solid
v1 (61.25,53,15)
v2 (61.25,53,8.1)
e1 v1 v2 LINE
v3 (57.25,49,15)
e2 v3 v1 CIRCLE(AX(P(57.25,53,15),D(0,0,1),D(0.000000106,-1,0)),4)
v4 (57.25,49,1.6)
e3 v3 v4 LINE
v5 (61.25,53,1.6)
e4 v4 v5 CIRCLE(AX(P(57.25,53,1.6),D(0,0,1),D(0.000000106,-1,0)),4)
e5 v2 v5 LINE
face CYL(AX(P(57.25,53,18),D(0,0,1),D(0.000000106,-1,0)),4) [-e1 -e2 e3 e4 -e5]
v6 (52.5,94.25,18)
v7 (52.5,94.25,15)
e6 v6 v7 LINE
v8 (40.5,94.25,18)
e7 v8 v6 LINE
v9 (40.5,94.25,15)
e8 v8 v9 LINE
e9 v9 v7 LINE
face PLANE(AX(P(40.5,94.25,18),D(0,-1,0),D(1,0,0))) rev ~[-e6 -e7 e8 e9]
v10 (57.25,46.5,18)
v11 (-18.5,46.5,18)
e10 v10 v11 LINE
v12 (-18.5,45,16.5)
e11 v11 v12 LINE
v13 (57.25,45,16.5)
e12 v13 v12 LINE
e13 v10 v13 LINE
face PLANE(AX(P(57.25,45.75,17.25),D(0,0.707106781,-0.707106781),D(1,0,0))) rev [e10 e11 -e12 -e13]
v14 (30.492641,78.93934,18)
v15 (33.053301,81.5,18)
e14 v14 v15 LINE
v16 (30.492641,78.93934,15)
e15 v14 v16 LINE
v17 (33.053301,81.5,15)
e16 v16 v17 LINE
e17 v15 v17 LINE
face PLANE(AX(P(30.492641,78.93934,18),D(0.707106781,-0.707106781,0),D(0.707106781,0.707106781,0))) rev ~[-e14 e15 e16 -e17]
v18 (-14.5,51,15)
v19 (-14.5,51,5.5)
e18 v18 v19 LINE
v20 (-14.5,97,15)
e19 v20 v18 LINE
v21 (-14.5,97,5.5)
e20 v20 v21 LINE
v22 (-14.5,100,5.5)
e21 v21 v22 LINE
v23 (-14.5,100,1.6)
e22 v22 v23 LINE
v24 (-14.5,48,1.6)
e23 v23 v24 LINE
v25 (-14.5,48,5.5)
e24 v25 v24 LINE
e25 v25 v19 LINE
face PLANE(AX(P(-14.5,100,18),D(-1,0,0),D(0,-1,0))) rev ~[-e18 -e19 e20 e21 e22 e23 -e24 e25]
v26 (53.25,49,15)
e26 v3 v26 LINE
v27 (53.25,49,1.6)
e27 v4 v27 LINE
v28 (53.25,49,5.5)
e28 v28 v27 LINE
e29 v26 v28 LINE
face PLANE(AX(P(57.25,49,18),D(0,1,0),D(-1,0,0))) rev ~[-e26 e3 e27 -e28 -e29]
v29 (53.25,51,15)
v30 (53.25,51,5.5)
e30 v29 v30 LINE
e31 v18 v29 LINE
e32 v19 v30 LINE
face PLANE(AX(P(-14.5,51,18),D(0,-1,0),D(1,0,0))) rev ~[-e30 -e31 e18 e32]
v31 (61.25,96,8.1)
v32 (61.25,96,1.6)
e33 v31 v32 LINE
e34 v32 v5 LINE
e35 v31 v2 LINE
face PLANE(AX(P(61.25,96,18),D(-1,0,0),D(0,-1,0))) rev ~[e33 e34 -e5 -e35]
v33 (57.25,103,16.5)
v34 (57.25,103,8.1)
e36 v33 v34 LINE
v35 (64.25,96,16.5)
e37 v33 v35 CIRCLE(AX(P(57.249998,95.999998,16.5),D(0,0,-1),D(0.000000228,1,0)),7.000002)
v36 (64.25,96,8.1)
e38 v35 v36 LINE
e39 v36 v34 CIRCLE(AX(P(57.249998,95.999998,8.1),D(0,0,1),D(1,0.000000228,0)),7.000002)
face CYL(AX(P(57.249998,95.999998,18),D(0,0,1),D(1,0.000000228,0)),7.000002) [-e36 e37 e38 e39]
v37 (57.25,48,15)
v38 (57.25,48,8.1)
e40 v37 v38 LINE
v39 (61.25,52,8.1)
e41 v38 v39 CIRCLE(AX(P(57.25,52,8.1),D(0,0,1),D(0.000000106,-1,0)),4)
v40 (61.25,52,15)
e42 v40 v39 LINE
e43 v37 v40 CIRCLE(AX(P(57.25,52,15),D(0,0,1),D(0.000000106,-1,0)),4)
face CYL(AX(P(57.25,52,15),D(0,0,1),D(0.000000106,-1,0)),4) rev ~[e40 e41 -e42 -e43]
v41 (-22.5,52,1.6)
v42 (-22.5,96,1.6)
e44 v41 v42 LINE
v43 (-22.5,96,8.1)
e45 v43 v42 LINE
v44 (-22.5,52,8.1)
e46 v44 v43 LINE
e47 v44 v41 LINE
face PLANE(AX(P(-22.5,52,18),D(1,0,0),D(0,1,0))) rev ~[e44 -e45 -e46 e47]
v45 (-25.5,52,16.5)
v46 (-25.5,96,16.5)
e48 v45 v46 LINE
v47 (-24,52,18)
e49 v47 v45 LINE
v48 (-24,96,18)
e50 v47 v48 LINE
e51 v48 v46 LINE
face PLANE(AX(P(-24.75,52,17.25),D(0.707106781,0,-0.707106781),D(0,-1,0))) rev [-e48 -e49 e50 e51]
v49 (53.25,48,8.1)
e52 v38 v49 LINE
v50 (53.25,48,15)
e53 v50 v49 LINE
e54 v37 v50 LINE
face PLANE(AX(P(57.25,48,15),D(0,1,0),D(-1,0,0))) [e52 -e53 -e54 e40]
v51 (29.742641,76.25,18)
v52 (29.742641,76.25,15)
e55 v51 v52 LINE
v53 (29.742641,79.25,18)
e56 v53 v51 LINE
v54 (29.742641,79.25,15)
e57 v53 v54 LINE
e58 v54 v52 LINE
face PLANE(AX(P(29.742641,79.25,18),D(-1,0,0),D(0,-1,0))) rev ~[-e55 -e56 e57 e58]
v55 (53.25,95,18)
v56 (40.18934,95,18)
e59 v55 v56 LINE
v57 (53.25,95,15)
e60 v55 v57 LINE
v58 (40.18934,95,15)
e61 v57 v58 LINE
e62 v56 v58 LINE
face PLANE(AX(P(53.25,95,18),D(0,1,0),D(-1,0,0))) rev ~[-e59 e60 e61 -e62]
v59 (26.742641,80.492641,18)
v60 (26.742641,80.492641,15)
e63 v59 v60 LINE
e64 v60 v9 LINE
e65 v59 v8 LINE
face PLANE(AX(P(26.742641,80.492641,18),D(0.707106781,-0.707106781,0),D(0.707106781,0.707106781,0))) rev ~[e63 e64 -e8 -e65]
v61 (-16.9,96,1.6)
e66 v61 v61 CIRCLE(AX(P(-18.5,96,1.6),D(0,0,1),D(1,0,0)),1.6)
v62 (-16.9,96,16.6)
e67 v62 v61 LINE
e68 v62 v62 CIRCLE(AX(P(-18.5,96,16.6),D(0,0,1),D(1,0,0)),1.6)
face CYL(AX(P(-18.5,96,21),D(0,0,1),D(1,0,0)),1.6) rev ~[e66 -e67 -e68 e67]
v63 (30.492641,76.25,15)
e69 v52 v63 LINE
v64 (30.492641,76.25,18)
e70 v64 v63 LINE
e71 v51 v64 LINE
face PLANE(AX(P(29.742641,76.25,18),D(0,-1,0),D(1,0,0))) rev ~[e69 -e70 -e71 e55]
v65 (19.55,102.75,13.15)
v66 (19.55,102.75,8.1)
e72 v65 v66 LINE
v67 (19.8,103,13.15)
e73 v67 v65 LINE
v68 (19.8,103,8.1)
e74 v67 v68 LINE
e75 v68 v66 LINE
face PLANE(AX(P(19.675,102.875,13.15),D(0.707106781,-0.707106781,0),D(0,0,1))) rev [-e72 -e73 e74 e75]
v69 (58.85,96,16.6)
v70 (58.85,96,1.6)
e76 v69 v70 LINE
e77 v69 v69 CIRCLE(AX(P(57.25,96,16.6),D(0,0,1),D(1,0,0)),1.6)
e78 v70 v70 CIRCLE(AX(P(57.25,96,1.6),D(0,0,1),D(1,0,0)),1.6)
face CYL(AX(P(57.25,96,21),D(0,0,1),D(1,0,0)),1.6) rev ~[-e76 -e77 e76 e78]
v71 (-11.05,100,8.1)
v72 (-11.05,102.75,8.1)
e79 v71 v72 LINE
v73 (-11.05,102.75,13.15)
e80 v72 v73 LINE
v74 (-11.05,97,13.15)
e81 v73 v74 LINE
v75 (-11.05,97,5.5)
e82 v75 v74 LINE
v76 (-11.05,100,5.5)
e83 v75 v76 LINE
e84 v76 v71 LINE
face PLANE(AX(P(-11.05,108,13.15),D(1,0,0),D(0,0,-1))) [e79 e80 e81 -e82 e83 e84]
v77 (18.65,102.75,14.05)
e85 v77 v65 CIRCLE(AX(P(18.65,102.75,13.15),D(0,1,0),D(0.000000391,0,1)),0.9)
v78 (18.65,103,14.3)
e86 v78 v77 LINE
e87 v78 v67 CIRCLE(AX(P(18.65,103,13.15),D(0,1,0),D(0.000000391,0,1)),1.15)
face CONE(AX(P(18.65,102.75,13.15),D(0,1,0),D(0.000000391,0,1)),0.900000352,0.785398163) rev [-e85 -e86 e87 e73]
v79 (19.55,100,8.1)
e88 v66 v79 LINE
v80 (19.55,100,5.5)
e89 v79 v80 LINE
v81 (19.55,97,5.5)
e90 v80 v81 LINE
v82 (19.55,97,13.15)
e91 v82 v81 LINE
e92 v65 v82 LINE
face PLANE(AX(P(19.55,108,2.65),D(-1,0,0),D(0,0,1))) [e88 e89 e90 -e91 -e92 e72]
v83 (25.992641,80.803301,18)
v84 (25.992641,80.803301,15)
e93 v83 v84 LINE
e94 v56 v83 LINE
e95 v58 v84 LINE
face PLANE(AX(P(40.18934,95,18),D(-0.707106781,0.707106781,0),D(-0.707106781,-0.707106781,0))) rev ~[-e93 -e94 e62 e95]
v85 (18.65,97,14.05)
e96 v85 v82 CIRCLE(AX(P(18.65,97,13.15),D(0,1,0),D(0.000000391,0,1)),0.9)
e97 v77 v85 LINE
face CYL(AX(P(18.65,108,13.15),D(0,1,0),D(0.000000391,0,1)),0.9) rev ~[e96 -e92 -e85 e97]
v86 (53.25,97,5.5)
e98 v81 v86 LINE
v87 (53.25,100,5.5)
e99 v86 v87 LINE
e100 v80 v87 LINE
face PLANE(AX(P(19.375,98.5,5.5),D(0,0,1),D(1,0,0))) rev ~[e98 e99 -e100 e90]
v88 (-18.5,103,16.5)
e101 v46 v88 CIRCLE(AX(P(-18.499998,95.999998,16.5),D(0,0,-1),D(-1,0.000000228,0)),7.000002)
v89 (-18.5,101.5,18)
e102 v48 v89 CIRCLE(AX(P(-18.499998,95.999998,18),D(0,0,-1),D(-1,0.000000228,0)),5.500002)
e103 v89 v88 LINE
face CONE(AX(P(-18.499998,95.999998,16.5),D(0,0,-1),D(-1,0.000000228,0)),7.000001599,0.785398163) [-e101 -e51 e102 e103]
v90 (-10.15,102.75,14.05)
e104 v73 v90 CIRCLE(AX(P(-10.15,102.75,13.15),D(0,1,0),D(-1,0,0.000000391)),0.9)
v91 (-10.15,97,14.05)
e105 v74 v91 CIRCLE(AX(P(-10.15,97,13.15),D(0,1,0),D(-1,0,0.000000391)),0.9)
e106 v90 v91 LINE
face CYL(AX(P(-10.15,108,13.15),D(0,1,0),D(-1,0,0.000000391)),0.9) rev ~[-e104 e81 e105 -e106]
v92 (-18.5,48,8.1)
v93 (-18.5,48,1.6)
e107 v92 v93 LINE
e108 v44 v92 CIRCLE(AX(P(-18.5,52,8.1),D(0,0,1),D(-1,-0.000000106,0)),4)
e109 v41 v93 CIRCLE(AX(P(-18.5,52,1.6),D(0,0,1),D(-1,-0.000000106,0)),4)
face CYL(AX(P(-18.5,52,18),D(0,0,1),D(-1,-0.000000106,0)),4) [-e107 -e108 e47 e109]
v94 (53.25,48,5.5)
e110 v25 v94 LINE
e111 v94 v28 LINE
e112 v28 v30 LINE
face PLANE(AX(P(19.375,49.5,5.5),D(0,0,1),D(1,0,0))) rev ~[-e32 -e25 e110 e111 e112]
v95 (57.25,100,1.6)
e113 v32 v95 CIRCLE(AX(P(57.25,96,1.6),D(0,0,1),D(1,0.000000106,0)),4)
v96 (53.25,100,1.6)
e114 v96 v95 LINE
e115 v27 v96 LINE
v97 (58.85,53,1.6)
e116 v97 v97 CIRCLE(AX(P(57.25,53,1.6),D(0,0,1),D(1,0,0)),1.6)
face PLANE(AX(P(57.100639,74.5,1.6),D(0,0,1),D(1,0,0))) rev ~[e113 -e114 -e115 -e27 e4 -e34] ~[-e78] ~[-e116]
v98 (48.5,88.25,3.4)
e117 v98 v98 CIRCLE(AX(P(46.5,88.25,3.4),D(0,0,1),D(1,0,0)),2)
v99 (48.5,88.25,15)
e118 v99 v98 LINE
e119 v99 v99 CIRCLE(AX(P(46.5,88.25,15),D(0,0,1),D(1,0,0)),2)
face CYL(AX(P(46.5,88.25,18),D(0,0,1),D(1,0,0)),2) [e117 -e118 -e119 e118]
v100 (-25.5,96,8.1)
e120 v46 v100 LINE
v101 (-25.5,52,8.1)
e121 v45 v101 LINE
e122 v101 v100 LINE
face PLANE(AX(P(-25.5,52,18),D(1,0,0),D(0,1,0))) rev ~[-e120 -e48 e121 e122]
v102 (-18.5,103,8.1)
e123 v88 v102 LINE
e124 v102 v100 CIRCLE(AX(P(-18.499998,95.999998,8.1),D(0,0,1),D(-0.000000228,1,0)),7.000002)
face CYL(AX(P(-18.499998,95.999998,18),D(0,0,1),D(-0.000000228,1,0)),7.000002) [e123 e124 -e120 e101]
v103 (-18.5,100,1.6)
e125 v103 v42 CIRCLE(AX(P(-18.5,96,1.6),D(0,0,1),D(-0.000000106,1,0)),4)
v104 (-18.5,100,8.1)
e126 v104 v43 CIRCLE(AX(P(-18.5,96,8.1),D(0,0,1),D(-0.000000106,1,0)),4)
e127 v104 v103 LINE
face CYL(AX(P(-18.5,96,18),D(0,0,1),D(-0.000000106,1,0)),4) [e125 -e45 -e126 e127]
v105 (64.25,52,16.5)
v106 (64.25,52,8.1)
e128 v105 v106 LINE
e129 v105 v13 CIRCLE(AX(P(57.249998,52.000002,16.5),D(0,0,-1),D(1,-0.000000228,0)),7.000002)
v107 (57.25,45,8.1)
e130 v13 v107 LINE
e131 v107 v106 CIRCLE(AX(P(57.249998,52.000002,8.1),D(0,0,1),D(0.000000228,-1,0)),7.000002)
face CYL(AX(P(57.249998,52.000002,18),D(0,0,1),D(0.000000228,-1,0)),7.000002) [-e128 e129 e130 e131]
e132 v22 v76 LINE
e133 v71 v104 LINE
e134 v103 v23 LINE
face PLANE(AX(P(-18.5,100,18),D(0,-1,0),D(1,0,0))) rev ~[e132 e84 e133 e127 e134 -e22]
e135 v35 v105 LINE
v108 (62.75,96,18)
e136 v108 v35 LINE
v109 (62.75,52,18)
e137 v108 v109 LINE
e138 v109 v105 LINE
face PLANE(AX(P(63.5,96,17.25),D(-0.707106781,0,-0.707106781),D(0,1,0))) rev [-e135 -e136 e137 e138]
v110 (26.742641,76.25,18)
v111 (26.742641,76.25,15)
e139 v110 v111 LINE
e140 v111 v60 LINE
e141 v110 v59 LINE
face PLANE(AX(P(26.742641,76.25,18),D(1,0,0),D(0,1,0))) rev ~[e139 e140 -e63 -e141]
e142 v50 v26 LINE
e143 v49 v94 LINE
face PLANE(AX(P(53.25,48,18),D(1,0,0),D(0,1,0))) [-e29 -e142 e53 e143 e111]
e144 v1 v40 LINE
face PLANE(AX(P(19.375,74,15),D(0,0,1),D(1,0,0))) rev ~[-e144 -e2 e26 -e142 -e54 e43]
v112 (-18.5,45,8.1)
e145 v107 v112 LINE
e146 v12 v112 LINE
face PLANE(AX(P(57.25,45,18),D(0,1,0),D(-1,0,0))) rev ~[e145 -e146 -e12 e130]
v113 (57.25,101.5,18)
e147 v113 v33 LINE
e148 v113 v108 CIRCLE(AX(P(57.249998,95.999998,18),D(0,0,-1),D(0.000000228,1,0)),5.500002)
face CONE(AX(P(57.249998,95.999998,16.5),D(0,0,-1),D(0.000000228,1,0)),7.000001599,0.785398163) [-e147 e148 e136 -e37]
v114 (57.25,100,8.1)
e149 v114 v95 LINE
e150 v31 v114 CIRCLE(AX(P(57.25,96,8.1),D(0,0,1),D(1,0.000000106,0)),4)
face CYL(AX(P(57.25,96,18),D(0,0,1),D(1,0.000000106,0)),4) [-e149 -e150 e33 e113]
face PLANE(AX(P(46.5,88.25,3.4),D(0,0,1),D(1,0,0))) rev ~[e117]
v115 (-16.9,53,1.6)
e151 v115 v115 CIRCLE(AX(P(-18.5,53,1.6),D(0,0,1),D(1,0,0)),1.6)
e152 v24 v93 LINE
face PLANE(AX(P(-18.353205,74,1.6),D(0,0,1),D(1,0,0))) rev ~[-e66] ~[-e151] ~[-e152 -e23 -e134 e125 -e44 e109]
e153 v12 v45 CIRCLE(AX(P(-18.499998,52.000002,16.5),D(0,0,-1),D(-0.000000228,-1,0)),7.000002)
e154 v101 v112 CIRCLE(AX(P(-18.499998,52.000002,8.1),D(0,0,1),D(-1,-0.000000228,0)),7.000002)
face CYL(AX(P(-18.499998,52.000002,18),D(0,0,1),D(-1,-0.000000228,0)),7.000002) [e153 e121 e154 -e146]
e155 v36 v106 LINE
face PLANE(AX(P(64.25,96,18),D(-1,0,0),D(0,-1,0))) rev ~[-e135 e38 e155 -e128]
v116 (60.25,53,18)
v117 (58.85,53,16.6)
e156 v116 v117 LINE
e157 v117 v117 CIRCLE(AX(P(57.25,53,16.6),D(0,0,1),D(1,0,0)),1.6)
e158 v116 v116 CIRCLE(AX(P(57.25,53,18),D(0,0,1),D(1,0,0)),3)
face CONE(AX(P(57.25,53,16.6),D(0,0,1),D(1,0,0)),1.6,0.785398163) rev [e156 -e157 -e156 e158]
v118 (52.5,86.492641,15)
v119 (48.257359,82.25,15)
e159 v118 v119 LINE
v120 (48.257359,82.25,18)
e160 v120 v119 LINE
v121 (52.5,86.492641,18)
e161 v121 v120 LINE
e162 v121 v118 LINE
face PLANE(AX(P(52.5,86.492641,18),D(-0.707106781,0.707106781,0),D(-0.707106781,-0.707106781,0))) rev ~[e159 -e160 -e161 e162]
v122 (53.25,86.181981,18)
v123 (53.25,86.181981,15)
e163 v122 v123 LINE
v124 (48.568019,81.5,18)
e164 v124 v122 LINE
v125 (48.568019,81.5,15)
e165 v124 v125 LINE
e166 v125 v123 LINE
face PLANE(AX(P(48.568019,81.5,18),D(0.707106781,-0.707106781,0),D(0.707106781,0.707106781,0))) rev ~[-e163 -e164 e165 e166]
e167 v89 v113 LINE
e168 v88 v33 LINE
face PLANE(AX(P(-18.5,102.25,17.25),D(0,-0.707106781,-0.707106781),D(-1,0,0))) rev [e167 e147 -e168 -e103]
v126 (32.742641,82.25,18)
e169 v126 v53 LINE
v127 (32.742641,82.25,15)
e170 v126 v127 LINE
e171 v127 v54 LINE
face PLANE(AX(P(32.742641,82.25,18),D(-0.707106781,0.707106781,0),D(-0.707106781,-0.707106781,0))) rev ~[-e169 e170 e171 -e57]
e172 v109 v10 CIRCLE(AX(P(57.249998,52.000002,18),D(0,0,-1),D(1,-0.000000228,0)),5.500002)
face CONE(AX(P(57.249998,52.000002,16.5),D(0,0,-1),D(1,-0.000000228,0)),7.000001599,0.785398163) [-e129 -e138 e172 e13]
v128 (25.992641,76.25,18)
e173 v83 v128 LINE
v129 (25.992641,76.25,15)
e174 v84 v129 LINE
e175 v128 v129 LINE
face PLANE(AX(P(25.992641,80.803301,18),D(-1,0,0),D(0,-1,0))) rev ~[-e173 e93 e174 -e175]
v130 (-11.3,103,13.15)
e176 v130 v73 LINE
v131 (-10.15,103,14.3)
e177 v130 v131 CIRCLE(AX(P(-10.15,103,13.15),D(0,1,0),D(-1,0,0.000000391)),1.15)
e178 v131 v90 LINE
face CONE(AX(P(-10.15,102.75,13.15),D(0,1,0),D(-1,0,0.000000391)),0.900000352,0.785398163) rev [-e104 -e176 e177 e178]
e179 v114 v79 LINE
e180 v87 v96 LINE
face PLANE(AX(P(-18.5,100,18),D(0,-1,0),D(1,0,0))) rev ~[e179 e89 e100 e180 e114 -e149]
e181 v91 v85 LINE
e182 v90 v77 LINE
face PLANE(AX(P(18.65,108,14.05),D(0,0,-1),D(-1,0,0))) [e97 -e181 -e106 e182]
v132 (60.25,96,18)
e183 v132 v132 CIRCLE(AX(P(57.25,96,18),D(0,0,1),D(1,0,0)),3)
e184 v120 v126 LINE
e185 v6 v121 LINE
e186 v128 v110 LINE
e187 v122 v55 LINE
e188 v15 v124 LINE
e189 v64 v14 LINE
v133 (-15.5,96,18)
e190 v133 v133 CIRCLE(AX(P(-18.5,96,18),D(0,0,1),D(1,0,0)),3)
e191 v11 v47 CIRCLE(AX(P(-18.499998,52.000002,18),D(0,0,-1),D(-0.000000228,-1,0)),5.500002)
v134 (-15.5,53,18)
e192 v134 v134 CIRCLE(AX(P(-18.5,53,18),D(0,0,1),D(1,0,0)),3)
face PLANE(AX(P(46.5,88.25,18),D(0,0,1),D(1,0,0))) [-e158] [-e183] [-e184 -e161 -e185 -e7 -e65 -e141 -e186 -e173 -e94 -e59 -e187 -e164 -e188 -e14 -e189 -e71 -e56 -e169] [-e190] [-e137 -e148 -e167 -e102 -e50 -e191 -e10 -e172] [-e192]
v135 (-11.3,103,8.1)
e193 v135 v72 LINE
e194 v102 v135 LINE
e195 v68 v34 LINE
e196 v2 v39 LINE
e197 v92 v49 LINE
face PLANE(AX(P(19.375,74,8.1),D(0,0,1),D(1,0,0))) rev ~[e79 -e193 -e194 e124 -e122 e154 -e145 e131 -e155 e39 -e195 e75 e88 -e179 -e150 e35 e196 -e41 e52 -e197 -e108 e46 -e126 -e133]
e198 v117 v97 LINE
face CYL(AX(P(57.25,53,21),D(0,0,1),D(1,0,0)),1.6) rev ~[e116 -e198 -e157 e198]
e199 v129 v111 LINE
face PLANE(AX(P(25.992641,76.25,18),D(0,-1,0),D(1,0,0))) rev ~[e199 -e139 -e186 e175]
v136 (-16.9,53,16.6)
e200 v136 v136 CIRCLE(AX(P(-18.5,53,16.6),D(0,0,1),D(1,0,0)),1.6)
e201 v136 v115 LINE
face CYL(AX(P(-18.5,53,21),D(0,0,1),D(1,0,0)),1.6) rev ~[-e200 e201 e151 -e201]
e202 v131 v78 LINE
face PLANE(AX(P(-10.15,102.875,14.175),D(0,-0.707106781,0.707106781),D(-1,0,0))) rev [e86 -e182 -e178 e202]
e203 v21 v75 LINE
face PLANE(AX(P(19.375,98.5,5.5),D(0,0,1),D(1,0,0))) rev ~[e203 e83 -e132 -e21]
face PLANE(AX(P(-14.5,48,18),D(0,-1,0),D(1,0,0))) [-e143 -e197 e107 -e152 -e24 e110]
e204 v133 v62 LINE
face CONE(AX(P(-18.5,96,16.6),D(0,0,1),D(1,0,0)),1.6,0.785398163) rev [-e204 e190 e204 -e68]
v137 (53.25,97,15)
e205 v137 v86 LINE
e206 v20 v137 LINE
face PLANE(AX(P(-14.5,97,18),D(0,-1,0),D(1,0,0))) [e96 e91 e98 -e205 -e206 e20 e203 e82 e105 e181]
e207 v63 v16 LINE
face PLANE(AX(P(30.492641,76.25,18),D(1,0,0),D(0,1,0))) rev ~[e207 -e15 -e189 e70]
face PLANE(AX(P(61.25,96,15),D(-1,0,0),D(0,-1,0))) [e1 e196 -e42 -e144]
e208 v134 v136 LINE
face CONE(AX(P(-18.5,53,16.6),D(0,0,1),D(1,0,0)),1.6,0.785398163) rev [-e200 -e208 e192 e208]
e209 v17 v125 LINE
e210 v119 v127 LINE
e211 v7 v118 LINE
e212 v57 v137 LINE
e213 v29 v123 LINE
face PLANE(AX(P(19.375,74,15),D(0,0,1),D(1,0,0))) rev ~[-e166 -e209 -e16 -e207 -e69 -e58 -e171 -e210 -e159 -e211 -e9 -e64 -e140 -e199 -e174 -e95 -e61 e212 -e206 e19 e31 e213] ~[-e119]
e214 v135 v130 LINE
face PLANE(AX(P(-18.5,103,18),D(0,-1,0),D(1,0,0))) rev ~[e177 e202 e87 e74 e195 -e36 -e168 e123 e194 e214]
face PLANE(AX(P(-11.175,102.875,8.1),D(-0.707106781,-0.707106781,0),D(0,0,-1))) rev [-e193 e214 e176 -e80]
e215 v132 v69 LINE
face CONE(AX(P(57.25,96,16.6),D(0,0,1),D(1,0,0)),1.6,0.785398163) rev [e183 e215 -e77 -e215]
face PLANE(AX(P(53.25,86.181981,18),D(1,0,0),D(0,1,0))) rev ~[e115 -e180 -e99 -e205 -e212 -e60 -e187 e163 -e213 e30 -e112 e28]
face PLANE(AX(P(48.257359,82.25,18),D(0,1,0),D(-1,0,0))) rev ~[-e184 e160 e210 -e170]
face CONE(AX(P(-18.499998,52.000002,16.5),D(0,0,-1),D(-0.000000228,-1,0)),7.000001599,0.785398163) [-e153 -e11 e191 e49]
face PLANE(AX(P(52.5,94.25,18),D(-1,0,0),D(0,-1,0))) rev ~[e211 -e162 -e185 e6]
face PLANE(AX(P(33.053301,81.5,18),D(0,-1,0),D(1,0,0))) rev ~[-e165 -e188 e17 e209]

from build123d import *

# Parameters (mm, degrees)
PAD002_DEPTH    = 9.9
POCKET004_DEPTH = 10
PAD003_DEPTH    = 16.4
SKETCH011_W     = 67.75
SKETCH011_H     = 3
PAD004_DEPTH    = 12.5
POCKET005_DEPTH = 13
SKETCH010_R     = 1.6
POCKET006_DEPTH = 19.401
SKETCH012_R     = 2
PAD005_DEPTH    = 14.6
POCKET007_DEPTH = 3
CHAMFER_SIZE    = 1.5
CHAMFER002_SIZE = 1.4
CHAMFER004_SIZE = 0.25


with BuildPart() as part:
    # Sketch006 → Pad002 (new body)
    with BuildSketch(Plane.XY.offset(18)):
        with BuildLine():
            ThreePointArc((-18.5, 103), (-23.449747, 100.949747), (-25.5, 96))
            Line((-25.5, 52), (-25.5, 96))
            ThreePointArc((-25.5, 52), (-23.449747, 47.050253), (-18.5, 45))
            Line((57.25, 45), (-18.5, 45))
            ThreePointArc((57.25, 45), (62.199747, 47.050253), (64.25, 52))
            Line((64.25, 96), (64.25, 52))
            ThreePointArc((64.25, 96), (62.199747, 100.949747), (57.25, 103))
            Line((-18.5, 103), (57.25, 103))
        make_face()
    extrude(amount=-PAD002_DEPTH)

    # Sketch007 → Pocket004 (cut)
    with BuildSketch(Plane.XY.offset(15)):
        with BuildLine():
            ThreePointArc((-18.5, 100), (-21.328427, 98.828427), (-22.5, 96))
            Line((-22.5, 52), (-22.5, 96))
            ThreePointArc((-22.5, 52), (-21.328427, 49.171573), (-18.5, 48))
            Line((57.25, 48), (-18.5, 48))
            ThreePointArc((57.25, 48), (60.078427, 49.171573), (61.25, 52))
            Line((61.25, 96), (61.25, 52))
            ThreePointArc((61.25, 96), (60.078427, 98.828427), (57.25, 100))
            Line((-18.5, 100), (57.25, 100))
        make_face()
    extrude(amount=-POCKET004_DEPTH, mode=Mode.SUBTRACT)

    # Sketch008 → Pad003 (join)
    with BuildSketch(Plane.XY.offset(18)):
        with BuildLine():
            ThreePointArc((-22.5, 52), (-21.328427, 49.171573), (-18.5, 48))
            Line((-14.5, 48), (-18.5, 48))
            Line((-14.5, 100), (-14.5, 48))
            Line((-18.5, 100), (-14.5, 100))
            ThreePointArc((-18.5, 100), (-21.328427, 98.828427), (-22.5, 96))
            Line((-22.5, 52), (-22.5, 96))
        make_face()
        with BuildLine():
            ThreePointArc((61.25, 96), (60.078427, 98.828427), (57.25, 100))
            Line((53.25, 100), (57.25, 100))
            Line((53.25, 49), (53.25, 100))
            Line((57.25, 49), (53.25, 49))
            ThreePointArc((57.25, 49), (60.078427, 50.171573), (61.25, 53))
            Line((61.25, 96), (61.25, 53))
        make_face()
    extrude(amount=-PAD003_DEPTH)

    # Sketch011 → Pad004 (join)
    with BuildSketch(Plane.XY.offset(18)):
        with Locations((19.375, 98.5)):
            Rectangle(SKETCH011_W, SKETCH011_H)
        with Locations((19.375, 49.5)):
            Rectangle(SKETCH011_W, SKETCH011_H)
    extrude(amount=-PAD004_DEPTH)

    # Sketch009 → Pocket005 (cut)
    with BuildSketch(Plane(origin=(0, 108, 0), x_dir=(-1, 0, 0), z_dir=(0, 1, 0))):
        with BuildLine():
            ThreePointArc((-18.65, 14.05), (-19.286396, 13.786396), (-19.55, 13.15))
            Line((-19.55, 2.65), (-19.55, 13.15))
            ThreePointArc((-19.55, 2.65), (-19.286396, 2.013604), (-18.65, 1.75))
            Line((10.15, 1.75), (-18.65, 1.75))
            ThreePointArc((10.15, 1.75), (10.786396, 2.013604), (11.05, 2.65))
            Line((11.05, 13.15), (11.05, 2.65))
            ThreePointArc((11.05, 13.15), (10.786396, 13.786396), (10.15, 14.05))
            Line((-18.65, 14.05), (10.15, 14.05))
        make_face()
    extrude(amount=-POCKET005_DEPTH, mode=Mode.SUBTRACT)

    # Sketch010 → Pocket006 (cut, through all)
    with BuildSketch(Plane.XY.offset(21)):
        with Locations((-18.5, 96)):
            Circle(SKETCH010_R)
        with Locations((-18.5, 53)):
            Circle(SKETCH010_R)
        with Locations((57.25, 53)):
            Circle(SKETCH010_R)
        with Locations((57.25, 96)):
            Circle(SKETCH010_R)
    extrude(amount=-POCKET006_DEPTH, mode=Mode.SUBTRACT)

    # Sketch012 → Pad005 (join)
    with BuildSketch(Plane.XY.offset(18)):
        with Locations((46.5, 88.25)):
            Circle(SKETCH012_R)
    extrude(amount=-PAD005_DEPTH)

    # Sketch013 → Pocket007 (cut)
    with BuildSketch(Plane.XY.offset(18)):
        Polygon((40.5, 94.25), (52.5, 94.25), (52.5, 86.492641), (48.257359, 82.25), (40.5, 82.25), (32.742641, 82.25), (29.742641, 79.25), (29.742641, 76.25), (30.492641, 76.25), (30.492641, 78.93934), (33.053301, 81.5), (48.568019, 81.5), (53.25, 86.181981), (53.25, 95), (40.18934, 95), (25.992641, 80.803301), (25.992641, 76.25), (26.742641, 76.25), (26.742641, 80.492641), align=None)
    extrude(amount=-POCKET007_DEPTH, mode=Mode.SUBTRACT)

    # Chamfer
    chamfer_edges = [part.edges().sort_by_distance(p)[0] for p in [
        (64.25, 74, 18),
    ]]
    chamfer(chamfer_edges, length=CHAMFER_SIZE)

    # Chamfer002
    chamfer002_edges = [part.edges().sort_by_distance(p)[0] for p in [
        (55.65, 96, 18),
        (55.65, 53, 18),
        (-20.1, 53, 18),
        (-20.1, 96, 18),
    ]]
    chamfer(chamfer002_edges, length=CHAMFER002_SIZE)

    # Chamfer004
    chamfer004_edges = [part.edges().sort_by_distance(p)[0] for p in [
        (19.55, 103, 10.625),
    ]]
    chamfer(chamfer004_edges, length=CHAMFER004_SIZE)


solid = part.part
